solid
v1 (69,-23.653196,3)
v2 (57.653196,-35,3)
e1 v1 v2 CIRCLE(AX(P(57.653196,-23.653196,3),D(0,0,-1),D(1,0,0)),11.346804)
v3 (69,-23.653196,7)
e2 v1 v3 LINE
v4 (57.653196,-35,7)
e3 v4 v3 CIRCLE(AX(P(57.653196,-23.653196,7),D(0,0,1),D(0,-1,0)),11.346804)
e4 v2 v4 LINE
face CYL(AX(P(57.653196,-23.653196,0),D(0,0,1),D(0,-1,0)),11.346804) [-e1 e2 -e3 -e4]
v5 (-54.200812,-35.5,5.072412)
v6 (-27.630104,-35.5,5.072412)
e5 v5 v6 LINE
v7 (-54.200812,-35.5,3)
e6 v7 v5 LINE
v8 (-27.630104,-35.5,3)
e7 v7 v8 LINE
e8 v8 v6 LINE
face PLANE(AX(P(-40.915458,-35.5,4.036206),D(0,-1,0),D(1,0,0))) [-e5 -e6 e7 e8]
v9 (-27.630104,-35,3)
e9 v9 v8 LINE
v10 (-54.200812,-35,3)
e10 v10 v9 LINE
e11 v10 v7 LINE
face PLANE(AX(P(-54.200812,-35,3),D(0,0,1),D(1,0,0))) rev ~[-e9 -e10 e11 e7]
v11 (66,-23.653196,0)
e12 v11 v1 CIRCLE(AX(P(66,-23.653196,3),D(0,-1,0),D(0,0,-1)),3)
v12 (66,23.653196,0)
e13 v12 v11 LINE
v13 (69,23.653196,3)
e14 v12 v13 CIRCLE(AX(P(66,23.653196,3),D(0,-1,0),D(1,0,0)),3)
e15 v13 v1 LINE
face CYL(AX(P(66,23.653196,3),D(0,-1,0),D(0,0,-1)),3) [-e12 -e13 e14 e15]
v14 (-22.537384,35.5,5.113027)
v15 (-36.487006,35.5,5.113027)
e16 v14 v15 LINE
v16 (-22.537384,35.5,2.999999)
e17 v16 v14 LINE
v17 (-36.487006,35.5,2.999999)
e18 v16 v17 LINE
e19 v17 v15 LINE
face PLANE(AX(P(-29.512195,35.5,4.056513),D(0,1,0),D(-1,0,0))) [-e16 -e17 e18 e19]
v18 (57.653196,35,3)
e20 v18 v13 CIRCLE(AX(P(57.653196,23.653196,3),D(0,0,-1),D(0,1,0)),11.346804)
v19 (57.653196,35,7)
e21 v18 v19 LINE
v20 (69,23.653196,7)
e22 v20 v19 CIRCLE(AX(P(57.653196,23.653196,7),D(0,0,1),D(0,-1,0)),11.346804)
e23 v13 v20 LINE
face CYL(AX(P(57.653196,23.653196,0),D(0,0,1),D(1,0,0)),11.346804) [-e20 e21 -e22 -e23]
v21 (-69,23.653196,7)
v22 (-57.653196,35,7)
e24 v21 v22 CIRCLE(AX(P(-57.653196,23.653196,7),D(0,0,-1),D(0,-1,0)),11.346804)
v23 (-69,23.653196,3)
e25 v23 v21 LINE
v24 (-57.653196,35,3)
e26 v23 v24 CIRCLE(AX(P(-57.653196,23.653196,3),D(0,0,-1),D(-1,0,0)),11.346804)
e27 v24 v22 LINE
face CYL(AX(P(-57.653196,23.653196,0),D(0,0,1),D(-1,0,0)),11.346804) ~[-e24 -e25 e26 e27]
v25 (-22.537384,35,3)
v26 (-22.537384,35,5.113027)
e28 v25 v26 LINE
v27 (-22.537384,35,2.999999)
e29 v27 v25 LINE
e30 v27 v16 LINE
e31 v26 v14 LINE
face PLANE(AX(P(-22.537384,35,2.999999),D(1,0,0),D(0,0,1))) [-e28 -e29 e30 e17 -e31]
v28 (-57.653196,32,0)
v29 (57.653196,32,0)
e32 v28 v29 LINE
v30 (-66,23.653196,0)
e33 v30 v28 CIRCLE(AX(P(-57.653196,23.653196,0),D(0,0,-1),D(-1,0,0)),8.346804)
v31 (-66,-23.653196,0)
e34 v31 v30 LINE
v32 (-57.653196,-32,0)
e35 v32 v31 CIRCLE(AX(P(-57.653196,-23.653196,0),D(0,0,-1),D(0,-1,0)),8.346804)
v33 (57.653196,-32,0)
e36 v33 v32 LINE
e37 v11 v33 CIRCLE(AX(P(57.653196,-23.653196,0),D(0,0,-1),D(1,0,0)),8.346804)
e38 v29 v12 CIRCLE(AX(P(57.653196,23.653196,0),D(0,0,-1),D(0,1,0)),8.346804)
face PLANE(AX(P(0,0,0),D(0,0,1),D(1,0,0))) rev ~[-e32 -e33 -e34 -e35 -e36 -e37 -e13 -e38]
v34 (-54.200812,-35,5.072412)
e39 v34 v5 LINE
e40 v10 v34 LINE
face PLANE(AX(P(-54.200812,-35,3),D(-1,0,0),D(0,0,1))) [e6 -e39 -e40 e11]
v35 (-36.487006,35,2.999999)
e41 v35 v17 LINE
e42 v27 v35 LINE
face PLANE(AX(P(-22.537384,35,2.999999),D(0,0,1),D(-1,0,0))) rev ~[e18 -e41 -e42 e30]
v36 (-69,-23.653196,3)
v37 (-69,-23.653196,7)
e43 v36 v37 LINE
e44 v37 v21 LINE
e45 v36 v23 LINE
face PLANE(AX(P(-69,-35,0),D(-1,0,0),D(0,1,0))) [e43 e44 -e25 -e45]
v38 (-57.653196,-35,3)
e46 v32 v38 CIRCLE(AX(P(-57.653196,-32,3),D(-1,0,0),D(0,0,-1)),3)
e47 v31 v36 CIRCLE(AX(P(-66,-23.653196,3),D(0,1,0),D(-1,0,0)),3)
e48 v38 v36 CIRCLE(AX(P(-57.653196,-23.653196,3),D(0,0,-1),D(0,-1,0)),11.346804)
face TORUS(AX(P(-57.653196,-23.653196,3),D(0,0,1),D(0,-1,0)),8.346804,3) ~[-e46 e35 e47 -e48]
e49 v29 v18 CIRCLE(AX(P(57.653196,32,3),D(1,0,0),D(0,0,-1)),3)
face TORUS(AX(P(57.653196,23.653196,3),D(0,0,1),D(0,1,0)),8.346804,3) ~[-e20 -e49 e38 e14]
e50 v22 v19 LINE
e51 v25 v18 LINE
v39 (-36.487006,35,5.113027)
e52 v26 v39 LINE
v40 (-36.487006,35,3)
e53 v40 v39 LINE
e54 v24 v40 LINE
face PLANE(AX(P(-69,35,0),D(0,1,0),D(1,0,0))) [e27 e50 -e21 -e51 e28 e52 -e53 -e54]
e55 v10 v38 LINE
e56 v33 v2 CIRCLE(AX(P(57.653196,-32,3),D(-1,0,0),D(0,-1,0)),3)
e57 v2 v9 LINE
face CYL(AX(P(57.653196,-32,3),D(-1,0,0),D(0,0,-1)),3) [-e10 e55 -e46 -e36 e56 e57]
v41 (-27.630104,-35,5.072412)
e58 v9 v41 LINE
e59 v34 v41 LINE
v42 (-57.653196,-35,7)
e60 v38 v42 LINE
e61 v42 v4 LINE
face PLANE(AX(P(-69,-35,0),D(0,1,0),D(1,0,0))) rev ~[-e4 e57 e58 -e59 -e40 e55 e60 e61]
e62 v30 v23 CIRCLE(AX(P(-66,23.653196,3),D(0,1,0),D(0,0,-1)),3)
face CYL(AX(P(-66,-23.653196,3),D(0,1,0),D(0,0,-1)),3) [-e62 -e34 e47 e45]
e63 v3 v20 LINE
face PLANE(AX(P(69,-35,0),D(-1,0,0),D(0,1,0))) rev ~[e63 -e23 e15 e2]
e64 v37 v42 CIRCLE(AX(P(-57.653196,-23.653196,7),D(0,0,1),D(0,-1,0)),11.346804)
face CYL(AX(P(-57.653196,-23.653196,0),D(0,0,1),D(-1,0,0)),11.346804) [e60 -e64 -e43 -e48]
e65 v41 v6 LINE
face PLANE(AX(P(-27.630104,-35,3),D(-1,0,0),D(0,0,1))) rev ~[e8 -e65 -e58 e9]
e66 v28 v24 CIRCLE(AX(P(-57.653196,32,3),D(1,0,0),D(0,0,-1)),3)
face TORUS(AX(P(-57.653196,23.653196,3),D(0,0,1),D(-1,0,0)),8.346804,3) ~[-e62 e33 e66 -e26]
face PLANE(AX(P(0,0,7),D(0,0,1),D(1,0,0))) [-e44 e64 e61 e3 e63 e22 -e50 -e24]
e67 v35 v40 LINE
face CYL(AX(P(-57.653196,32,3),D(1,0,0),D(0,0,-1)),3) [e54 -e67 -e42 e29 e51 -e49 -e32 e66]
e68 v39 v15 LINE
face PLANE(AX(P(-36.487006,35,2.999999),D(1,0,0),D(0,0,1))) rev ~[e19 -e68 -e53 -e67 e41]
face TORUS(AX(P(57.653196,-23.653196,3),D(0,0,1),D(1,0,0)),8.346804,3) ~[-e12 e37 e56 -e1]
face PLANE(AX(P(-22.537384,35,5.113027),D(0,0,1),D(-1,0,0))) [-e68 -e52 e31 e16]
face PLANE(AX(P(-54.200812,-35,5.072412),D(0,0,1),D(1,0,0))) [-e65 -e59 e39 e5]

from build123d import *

# Parameters (mm, degrees)
F0_W     = 138
F0_H     = 70
F1_DEPTH = 7
F2_R     = 11.346804
F3_R     = 3
F4_W     = 26.570709
F4_H     = 2.072412
F5_DEPTH = 0.5
F6_W     = 13.949622
F6_H     = 2.113027
F7_DEPTH = 0.5


with BuildPart() as f1:
    # F0 (on Top) → F1 (new body)
    with BuildSketch(Plane.XY):
        Rectangle(F0_W, F0_H)
    extrude(amount=F1_DEPTH)

    # F2
    f2_edges = [f1.edges().sort_by_distance(p)[0] for p in [
        (69, -35, 3.5),
        (69, 35, 3.5),
        (-69, -35, 3.5),
        (-69, 35, 3.5),
    ]]
    fillet(f2_edges, radius=F2_R)

    # F3
    f3_edges = [f1.edges().sort_by_distance(p)[0] for p in [
        (0, 35, 0),
        (0, -35, 0),
        (-69, 0, 0),
        (69, 0, 0),
    ]]
    fillet(f3_edges, radius=F3_R)

    # F4 (on face) → F5 (join)
    with BuildSketch(Plane.XZ.offset(35)):
        with Locations((-40.915458, 4.036206)):
            Rectangle(F4_W, F4_H)
    extrude(amount=F5_DEPTH)

    # F6 (on face) → F7 (join)
    with BuildSketch(Plane(origin=(0, 35, 0), x_dir=(-1, 0, 0), z_dir=(0, 1, 0))):
        with Locations((29.512195, 4.056513)):
            Rectangle(F6_W, F6_H)
    extrude(amount=F7_DEPTH)


solid = f1.part
